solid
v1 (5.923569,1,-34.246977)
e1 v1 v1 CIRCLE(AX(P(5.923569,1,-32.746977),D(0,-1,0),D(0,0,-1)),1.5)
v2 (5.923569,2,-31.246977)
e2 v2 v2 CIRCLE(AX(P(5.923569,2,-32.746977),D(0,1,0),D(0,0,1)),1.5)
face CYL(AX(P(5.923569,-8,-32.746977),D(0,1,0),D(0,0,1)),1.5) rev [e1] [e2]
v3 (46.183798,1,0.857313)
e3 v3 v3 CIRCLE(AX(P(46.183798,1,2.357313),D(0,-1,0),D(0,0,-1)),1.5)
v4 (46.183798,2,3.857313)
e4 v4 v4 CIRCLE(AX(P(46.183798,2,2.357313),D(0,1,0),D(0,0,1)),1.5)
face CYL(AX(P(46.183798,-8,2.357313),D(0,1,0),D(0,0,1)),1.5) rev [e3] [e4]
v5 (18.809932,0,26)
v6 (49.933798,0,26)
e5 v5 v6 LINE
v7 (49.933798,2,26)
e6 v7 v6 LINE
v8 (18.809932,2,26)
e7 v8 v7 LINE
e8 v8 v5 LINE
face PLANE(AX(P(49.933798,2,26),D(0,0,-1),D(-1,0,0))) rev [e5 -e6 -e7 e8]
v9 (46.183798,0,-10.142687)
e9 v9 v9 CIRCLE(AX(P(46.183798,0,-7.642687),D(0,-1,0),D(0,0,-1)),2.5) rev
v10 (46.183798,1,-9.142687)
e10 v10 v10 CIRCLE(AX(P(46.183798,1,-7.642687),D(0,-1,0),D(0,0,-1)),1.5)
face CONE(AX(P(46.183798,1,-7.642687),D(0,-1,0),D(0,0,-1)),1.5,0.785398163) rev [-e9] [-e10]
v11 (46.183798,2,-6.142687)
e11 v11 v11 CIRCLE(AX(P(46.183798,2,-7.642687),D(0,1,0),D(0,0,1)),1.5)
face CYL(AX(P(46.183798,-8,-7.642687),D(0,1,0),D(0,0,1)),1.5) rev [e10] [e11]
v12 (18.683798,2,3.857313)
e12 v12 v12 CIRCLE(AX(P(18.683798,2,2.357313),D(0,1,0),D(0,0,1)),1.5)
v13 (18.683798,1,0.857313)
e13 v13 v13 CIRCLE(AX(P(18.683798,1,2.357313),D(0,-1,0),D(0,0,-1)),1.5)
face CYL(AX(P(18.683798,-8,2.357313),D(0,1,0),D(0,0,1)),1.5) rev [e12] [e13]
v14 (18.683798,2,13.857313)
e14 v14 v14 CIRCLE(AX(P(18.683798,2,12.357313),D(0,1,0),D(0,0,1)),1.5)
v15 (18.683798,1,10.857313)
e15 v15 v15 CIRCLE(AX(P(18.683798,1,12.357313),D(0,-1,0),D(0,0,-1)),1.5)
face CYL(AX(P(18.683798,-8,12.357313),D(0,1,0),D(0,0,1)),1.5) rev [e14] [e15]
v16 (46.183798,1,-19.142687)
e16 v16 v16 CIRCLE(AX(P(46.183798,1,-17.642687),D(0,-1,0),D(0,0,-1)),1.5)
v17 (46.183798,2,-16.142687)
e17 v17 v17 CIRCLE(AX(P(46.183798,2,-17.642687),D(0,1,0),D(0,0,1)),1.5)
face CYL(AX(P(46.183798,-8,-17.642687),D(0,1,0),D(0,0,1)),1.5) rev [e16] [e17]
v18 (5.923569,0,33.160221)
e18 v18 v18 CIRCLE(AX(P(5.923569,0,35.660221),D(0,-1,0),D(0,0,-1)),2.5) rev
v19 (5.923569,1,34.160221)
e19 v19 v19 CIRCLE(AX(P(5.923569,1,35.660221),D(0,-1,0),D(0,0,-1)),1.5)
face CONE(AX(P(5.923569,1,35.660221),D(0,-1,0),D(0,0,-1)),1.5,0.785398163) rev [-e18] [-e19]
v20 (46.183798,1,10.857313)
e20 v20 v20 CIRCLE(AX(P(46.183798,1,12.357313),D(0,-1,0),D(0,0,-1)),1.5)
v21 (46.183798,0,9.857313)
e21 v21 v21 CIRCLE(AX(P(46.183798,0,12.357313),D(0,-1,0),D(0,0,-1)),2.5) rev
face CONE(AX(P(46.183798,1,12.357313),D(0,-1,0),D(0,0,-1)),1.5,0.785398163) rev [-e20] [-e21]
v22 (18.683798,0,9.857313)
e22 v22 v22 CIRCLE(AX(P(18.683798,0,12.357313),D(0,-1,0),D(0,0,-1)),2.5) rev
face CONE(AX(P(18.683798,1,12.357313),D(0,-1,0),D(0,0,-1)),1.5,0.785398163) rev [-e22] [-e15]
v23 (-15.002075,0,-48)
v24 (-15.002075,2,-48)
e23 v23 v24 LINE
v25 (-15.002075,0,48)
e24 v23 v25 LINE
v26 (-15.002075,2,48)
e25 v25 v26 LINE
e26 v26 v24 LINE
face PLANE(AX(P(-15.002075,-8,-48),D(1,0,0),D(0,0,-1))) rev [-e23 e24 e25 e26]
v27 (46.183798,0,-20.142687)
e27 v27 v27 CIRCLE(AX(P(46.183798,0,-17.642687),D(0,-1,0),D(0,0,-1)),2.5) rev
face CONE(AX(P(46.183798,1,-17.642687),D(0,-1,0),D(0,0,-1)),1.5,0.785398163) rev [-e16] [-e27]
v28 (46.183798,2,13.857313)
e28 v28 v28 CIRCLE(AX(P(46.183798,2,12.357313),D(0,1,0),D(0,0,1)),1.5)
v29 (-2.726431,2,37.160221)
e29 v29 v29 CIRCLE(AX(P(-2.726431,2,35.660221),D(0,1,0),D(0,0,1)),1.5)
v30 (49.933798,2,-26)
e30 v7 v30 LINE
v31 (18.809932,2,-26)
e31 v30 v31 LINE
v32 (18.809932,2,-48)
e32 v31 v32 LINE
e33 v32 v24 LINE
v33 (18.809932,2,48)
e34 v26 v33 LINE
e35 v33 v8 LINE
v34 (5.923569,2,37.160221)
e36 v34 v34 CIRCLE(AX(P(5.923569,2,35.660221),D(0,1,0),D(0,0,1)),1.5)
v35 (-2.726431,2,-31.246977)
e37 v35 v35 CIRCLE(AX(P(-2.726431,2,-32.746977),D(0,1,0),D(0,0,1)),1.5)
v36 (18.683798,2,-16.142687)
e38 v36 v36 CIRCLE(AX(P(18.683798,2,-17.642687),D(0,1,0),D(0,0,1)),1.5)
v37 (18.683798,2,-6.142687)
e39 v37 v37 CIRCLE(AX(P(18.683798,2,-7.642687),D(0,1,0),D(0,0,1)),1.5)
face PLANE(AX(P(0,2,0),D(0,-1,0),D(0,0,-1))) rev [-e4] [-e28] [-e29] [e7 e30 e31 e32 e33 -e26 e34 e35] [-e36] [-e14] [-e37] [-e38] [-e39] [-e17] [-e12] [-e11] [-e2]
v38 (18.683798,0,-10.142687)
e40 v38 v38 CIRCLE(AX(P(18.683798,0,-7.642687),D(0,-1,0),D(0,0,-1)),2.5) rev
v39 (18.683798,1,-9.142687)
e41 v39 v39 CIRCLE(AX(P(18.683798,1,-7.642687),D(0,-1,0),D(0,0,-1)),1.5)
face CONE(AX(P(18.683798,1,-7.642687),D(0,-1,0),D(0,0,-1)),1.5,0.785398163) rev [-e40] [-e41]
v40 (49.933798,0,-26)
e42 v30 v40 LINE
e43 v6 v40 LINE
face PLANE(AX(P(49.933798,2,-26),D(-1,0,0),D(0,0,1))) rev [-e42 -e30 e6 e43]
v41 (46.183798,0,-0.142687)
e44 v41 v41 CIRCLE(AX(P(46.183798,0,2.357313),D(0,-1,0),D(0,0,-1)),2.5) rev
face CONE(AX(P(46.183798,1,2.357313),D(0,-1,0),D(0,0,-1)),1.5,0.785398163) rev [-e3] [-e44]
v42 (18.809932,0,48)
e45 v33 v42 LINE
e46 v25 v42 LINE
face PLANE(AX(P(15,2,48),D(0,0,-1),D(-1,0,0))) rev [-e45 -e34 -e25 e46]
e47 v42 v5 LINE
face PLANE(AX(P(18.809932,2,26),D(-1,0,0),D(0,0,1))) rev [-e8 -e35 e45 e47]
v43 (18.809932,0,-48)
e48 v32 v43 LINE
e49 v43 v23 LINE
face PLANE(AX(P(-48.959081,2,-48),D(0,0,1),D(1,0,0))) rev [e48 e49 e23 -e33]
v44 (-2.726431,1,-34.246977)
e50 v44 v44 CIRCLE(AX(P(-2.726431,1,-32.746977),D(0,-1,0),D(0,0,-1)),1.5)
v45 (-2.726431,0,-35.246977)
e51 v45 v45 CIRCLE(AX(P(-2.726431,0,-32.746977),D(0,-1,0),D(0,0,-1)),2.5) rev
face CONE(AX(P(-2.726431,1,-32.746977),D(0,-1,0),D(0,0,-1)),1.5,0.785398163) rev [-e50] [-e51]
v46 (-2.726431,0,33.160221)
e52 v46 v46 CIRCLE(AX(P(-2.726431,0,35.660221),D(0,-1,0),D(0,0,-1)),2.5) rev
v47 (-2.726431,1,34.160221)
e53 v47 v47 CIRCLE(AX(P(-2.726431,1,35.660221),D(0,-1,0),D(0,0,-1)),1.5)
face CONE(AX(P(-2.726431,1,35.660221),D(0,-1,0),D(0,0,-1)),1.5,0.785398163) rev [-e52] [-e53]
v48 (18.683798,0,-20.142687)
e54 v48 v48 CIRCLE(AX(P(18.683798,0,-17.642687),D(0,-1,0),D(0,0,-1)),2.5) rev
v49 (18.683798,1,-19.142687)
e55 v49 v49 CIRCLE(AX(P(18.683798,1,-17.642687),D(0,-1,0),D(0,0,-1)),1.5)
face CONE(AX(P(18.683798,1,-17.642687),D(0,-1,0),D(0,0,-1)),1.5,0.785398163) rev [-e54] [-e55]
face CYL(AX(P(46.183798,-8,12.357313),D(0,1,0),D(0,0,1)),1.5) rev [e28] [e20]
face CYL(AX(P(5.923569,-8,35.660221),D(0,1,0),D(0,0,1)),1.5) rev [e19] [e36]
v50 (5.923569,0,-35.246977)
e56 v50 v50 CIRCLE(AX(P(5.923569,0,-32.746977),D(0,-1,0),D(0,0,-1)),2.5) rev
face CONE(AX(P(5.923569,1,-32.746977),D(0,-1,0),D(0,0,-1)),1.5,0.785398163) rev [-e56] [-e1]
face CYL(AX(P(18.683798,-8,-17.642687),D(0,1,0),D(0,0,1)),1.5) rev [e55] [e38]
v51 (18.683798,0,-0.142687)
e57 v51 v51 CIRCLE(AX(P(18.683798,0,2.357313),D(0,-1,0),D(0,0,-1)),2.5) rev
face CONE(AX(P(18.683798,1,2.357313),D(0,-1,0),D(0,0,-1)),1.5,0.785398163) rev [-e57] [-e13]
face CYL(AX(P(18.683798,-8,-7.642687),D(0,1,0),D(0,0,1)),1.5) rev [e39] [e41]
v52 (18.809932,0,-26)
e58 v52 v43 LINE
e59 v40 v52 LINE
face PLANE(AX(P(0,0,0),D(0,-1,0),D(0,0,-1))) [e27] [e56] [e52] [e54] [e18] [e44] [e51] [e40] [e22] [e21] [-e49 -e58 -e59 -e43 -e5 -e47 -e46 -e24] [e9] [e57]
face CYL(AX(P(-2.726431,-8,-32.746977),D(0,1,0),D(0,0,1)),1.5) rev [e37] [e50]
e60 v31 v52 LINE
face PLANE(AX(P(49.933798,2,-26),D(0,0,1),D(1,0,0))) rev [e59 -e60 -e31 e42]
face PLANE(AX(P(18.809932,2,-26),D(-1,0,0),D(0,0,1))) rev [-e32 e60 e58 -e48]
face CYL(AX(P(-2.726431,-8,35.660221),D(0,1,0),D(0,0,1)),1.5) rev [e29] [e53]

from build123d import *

# Parameters (mm, degrees)
SKETCH_1_W          = 17.893001423
SKETCH_1_H          = 11.620982588
SKETCH_1_H_2        = 11.620982589
EXTRUDE_1_DEPTH     = 2
SKETCH_2_R          = 1.5
CUT_EXTRUDE_1_DEPTH = 10
CHAMFER_1_SIZE      = 1
SKETCH_3_R          = 1.5
CUT_EXTRUDE_2_DEPTH = 10
SKETCH_4_W          = 33.95700602
SKETCH_4_H          = 96
CUT_EXTRUDE_3_DEPTH = 10
CHAMFER_2_SIZE      = 1


with BuildPart() as part:
    # Эскиз1 → Бобышка-Вытянуть1 (new body)
    with BuildSketch(Plane(origin=(0, 0, 0), x_dir=(1, 0, 0), z_dir=(0, 1, 0))):
        Polygon((49.933797981, 26), (18.809932441, 26), (18.809932441, 48), (15, 48), (-48.959081244, 48), (-48.959081244, -48), (15, -48), (18.809932441, -48), (18.809932441, -26), (49.933797981, -26), align=None)
        with Locations((-36.319088007, -31.12001489)):
            Rectangle(SKETCH_1_W, SKETCH_1_H, mode=Mode.SUBTRACT)
        with Locations((-36.319088007, 31.12001489)):
            Rectangle(SKETCH_1_W, SKETCH_1_H_2, mode=Mode.SUBTRACT)
    extrude(amount=EXTRUDE_1_DEPTH)

    # Эскиз2 → Вырез-Вытянуть1 (cut)
    with BuildSketch(Plane(origin=(0, 2, 0), x_dir=(1, 0, 0), z_dir=(0, 1, 0))):
        with Locations(Location((46.183797981, -12.357312676, 0), (0, 0, 270))):
            Circle(SKETCH_2_R)
        with Locations(Location((18.683797981, -12.357312676, 0), (0, 0, 270))):
            Circle(SKETCH_2_R)
        with Locations(Location((18.683797981, -2.357312676, 0), (0, 0, 270))):
            Circle(SKETCH_2_R)
        with Locations(Location((46.183797981, -2.357312676, 0), (0, 0, 270))):
            Circle(SKETCH_2_R)
        with Locations(Location((18.683797981, 7.642687324, 0), (0, 0, 270))):
            Circle(SKETCH_2_R)
        with Locations(Location((46.183797981, 7.642687324, 0), (0, 0, 270))):
            Circle(SKETCH_2_R)
        with Locations(Location((18.683797981, 17.642687324, 0), (0, 0, 270))):
            Circle(SKETCH_2_R)
        with Locations(Location((46.183797981, 17.642687324, 0), (0, 0, 270))):
            Circle(SKETCH_2_R)
    extrude(amount=-CUT_EXTRUDE_1_DEPTH, mode=Mode.SUBTRACT)

    # Фаска1
    chamfer_1_edges = [part.edges().sort_by_distance(p)[0] for p in [
        (46.183797981, 0, -9.142687324),
        (18.683797981, 0, 0.857312676),
        (46.183797981, 0, 0.857312676),
        (18.683797981, 0, 10.857312676),
        (18.683797981, 0, -19.142687324),
        (46.183797981, 0, -19.142687324),
        (18.683797981, 0, -9.142687324),
        (46.183797981, 0, 10.857312676),
    ]]
    chamfer(chamfer_1_edges, length=CHAMFER_1_SIZE)

    # Эскиз3 → Вырез-Вытянуть2 (cut)
    with BuildSketch(Plane(origin=(0, 2, 0), x_dir=(1, 0, 0), z_dir=(0, 1, 0))):
        with Locations(Location((5.923569009, 32.746976788, 0), (0, 0, 270))):
            Circle(SKETCH_3_R)
        with Locations(Location((-2.726430991, 32.746976788, 0), (0, 0, 270))):
            Circle(SKETCH_3_R)
        with Locations(Location((-2.726430991, -35.660220789, 0), (0, 0, 270))):
            Circle(SKETCH_3_R)
        with Locations(Location((5.923569009, -35.660220789, 0), (0, 0, 270))):
            Circle(SKETCH_3_R)
    extrude(amount=-CUT_EXTRUDE_2_DEPTH, mode=Mode.SUBTRACT)

    # Эскиз4 → Вырез-Вытянуть3 (cut)
    with BuildSketch(Plane(origin=(0, 2, 0), x_dir=(1, 0, 0), z_dir=(0, 1, 0))):
        with Locations((-31.980578234, 0)):
            Rectangle(SKETCH_4_W, SKETCH_4_H)
    extrude(amount=-CUT_EXTRUDE_3_DEPTH, mode=Mode.SUBTRACT)

    # Фаска2
    chamfer_2_edges = [part.edges().sort_by_distance(p)[0] for p in [
        (5.923569009, 0, 34.160220789),
        (-2.726430991, 0, 34.160220789),
        (-2.726430991, 0, -34.246976788),
        (5.923569009, 0, -34.246976788),
    ]]
    chamfer(chamfer_2_edges, length=CHAMFER_2_SIZE)


solid = part.part
